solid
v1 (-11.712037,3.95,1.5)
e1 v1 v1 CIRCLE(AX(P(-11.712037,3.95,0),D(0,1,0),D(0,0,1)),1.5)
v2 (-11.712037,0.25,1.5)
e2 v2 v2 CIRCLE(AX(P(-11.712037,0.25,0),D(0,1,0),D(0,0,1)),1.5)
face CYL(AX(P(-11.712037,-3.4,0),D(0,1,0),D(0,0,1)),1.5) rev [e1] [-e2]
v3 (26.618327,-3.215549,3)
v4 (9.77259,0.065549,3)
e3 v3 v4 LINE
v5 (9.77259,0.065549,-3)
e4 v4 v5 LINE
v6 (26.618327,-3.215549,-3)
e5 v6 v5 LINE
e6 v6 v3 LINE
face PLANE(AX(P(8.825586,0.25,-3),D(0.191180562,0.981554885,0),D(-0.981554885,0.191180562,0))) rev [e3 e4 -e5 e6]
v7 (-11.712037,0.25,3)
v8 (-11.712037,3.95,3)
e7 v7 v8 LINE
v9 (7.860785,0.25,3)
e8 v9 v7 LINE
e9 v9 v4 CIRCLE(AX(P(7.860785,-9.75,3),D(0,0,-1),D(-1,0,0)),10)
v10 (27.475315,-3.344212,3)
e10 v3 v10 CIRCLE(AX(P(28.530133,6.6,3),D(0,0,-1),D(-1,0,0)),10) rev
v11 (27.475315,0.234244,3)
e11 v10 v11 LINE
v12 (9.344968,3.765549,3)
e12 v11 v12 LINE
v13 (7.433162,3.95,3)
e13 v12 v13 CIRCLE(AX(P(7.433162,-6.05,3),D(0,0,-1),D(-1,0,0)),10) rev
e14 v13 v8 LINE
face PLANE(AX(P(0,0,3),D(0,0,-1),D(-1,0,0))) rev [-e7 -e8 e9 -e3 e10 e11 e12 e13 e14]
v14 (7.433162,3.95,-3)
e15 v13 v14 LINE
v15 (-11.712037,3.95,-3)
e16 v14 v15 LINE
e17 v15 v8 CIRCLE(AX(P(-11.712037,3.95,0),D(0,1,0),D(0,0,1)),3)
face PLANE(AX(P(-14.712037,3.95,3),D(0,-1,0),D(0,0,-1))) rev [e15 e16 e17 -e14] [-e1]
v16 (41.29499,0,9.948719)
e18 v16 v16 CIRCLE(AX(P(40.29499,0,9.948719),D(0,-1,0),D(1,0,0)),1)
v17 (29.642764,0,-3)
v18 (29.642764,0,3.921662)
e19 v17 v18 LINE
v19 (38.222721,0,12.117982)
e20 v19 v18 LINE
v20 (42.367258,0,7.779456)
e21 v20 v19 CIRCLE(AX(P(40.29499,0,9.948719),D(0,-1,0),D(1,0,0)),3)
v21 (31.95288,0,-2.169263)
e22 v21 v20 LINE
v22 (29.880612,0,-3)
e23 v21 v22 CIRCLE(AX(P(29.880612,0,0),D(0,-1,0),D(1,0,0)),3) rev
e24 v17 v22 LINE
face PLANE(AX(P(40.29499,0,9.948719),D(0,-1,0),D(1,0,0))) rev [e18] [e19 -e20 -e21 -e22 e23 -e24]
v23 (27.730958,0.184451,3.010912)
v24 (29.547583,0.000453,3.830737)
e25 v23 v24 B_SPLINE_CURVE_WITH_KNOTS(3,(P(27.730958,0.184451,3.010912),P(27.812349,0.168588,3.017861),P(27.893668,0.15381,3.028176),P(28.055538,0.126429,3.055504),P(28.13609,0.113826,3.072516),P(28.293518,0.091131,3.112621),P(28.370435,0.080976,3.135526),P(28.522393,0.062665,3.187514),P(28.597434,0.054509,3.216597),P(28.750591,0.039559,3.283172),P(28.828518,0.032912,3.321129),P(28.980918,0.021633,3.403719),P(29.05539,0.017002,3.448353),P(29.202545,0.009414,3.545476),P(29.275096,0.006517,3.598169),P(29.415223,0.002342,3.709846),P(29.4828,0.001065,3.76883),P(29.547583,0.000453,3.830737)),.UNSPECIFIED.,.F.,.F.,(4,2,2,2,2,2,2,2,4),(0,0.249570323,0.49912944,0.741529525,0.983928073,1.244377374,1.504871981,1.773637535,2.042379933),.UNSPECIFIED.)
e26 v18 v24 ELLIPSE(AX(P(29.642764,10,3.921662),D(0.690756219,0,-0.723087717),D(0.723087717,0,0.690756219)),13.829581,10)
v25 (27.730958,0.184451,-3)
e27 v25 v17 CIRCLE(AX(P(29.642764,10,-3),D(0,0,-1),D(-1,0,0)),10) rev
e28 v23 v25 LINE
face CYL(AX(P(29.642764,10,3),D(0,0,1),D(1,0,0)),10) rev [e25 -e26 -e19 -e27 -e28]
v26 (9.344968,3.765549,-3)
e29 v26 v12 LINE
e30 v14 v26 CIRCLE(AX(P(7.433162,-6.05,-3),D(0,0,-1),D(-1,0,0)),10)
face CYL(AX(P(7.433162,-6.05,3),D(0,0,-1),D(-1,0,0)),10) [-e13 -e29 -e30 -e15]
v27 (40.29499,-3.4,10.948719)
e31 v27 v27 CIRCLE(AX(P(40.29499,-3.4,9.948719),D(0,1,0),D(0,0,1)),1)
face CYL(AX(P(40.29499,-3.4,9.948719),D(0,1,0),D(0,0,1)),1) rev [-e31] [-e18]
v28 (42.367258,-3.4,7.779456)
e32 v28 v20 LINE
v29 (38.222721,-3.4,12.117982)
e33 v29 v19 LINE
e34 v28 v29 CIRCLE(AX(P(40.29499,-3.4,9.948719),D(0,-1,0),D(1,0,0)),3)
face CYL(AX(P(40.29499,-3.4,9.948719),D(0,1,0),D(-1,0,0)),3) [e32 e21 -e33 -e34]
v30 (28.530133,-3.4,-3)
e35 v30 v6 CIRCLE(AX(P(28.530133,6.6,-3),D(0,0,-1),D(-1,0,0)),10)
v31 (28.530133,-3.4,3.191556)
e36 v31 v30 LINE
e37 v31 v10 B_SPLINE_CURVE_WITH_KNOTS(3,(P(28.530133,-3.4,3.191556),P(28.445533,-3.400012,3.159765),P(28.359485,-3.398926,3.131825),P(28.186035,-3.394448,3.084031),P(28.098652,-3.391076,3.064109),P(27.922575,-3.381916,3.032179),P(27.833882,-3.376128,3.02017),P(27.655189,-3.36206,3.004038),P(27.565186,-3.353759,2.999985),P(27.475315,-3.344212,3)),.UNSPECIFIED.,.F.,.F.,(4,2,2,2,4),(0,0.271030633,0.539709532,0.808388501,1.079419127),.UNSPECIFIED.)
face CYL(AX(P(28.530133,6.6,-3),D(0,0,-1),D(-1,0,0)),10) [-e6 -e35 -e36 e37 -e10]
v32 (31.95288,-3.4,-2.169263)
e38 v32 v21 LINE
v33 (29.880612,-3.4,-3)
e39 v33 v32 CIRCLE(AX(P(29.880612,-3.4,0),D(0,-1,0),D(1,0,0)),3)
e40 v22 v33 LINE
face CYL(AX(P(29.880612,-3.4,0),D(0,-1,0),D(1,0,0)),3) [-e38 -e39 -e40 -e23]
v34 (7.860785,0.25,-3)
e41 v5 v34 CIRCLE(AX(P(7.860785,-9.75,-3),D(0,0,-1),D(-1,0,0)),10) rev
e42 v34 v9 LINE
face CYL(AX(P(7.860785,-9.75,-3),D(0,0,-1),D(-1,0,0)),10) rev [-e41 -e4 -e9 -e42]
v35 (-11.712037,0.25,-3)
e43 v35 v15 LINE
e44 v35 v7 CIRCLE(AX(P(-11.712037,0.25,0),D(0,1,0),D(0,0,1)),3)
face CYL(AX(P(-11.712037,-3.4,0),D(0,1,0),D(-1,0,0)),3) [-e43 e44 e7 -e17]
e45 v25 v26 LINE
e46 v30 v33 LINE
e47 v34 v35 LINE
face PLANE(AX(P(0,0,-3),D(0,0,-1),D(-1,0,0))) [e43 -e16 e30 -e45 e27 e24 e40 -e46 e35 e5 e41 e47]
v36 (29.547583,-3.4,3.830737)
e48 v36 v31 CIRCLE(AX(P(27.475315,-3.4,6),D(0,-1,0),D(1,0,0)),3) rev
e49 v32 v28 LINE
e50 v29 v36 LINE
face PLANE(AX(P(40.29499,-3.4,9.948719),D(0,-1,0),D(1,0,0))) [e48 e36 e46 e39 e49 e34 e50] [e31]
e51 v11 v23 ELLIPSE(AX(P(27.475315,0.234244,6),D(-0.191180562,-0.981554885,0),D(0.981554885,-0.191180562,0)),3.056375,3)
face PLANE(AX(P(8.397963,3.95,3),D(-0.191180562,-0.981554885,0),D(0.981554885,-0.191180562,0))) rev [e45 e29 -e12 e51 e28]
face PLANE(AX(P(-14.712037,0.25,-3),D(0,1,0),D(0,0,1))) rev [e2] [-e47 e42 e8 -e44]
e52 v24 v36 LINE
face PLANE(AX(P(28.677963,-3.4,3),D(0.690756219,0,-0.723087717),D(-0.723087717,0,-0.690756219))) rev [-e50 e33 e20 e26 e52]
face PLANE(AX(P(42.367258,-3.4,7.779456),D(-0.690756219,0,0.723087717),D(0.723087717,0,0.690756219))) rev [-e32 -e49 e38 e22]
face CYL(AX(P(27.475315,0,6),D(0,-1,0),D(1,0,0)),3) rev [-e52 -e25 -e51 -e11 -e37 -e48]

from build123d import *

# Parameters (mm, degrees)
BOSS_EXTRUDE1_DEPTH     = 3
BOSS_EXTRUDE2_DEPTH     = 3.4
CUT_EXTRUDE1_DEPTH      = 1
CUT_EXTRUDE1_DEPTH_BACK = 8.35
CUT_EXTRUDE2_DEPTH      = 10.948718941
CUT_EXTRUDE2_DEPTH_BACK = 7
SKETCH6_R               = 1.5
SKETCH6_R_2             = 1
CUT_EXTRUDE4_DEPTH      = 1
CUT_EXTRUDE4_DEPTH_BACK = 8.35
FILLET1_R               = 10
FILLET2_R               = 3


with BuildPart() as part:
    # Sketch1 → Boss-Extrude1 (new body, symmetric)
    with BuildSketch(Plane.XY):
        Polygon((-14.712036777, 3.95), (8.397963223, 3.95), (28.677963223, 0), (-14.712036777, 0), align=None)
    extrude(amount=BOSS_EXTRUDE1_DEPTH, both=True)

    # Sketch2 → Boss-Extrude2 (add)
    with BuildSketch(Plane.XZ):
        with BuildLine():
            Line((-11.712036777, -3), (31.08325999, -3))
            Line((31.08325999, -3), (42.367258396, 7.779455791))
            ThreePointArc((42.367258396, 7.779455791), (42.464252889, 12.020987598), (38.222721082, 12.117982091))
            Line((38.222721082, 12.117982091), (28.677963223, 3))
            Line((28.677963223, 3), (-11.712036777, 3))
            ThreePointArc((-11.712036777, 3), (-14.712036777, 0), (-11.712036777, -3))
        make_face()
    extrude(amount=BOSS_EXTRUDE2_DEPTH)

    # Sketch3 → Cut-Extrude1 (cut, two sides)
    with BuildSketch(Plane(origin=(0, 3.95, 0), x_dir=(1, 0, 0), z_dir=(0, 1, 0))) as cut_extrude1_sk:
        with BuildLine():
            ThreePointArc((-14.712036777, 0), (-13.833357121, 2.121320344), (-11.712036777, 3))
            Line((-11.712036777, 3), (-14.712036777, 3))
            Line((-14.712036777, 3), (-14.712036777, 0))
        make_face()
        with BuildLine():
            ThreePointArc((-11.712036777, -3), (-13.833357121, -2.121320344), (-14.712036777, 0))
            Line((-14.712036777, 0), (-14.712036777, -3))
            Line((-14.712036777, -3), (-11.712036777, -3))
        make_face()
    extrude(amount=CUT_EXTRUDE1_DEPTH, mode=Mode.SUBTRACT)
    extrude(cut_extrude1_sk.sketch, amount=-CUT_EXTRUDE1_DEPTH_BACK, mode=Mode.SUBTRACT)

    # Sketch4 → Cut-Extrude2 (cut, two sides)
    with BuildSketch(Plane.XY.offset(3)) as cut_extrude2_sk:
        Polygon((-14.712036777, 0.25), (8.825585542, 0.25), (27.565332378, -3.4), (-14.712036777, -3.4), align=None)
    extrude(amount=CUT_EXTRUDE2_DEPTH, mode=Mode.SUBTRACT)
    extrude(cut_extrude2_sk.sketch, amount=-CUT_EXTRUDE2_DEPTH_BACK, mode=Mode.SUBTRACT)

    # Sketch6 → Cut-Extrude4 (cut, two sides)
    with BuildSketch(Plane(origin=(0, 3.95, 0), x_dir=(1, 0, 0), z_dir=(0, 1, 0))) as cut_extrude4_sk:
        with Locations((-11.712036777, 0)):
            Circle(SKETCH6_R)
        with Locations((40.294989739, -9.948718941)):
            Circle(SKETCH6_R_2)
    extrude(amount=CUT_EXTRUDE4_DEPTH, mode=Mode.SUBTRACT)
    extrude(cut_extrude4_sk.sketch, amount=-CUT_EXTRUDE4_DEPTH_BACK, mode=Mode.SUBTRACT)

    # Fillet1
    fillet1_edges = [part.edges().sort_by_distance(p)[0] for p in [
        (8.397963223, 3.95, 0),
        (28.677963223, 0, 0),
        (27.565332378, -3.4, 0),
        (8.825585542, 0.25, 0),
    ]]
    fillet(fillet1_edges, radius=FILLET1_R)

    # Fillet2
    fillet2_edges = [part.edges().sort_by_distance(p)[0] for p in [
        (31.08325999, -1.7, -3),
        (28.677963223, -1.676674581, 3),
    ]]
    fillet(fillet2_edges, radius=FILLET2_R)


solid = part.part
